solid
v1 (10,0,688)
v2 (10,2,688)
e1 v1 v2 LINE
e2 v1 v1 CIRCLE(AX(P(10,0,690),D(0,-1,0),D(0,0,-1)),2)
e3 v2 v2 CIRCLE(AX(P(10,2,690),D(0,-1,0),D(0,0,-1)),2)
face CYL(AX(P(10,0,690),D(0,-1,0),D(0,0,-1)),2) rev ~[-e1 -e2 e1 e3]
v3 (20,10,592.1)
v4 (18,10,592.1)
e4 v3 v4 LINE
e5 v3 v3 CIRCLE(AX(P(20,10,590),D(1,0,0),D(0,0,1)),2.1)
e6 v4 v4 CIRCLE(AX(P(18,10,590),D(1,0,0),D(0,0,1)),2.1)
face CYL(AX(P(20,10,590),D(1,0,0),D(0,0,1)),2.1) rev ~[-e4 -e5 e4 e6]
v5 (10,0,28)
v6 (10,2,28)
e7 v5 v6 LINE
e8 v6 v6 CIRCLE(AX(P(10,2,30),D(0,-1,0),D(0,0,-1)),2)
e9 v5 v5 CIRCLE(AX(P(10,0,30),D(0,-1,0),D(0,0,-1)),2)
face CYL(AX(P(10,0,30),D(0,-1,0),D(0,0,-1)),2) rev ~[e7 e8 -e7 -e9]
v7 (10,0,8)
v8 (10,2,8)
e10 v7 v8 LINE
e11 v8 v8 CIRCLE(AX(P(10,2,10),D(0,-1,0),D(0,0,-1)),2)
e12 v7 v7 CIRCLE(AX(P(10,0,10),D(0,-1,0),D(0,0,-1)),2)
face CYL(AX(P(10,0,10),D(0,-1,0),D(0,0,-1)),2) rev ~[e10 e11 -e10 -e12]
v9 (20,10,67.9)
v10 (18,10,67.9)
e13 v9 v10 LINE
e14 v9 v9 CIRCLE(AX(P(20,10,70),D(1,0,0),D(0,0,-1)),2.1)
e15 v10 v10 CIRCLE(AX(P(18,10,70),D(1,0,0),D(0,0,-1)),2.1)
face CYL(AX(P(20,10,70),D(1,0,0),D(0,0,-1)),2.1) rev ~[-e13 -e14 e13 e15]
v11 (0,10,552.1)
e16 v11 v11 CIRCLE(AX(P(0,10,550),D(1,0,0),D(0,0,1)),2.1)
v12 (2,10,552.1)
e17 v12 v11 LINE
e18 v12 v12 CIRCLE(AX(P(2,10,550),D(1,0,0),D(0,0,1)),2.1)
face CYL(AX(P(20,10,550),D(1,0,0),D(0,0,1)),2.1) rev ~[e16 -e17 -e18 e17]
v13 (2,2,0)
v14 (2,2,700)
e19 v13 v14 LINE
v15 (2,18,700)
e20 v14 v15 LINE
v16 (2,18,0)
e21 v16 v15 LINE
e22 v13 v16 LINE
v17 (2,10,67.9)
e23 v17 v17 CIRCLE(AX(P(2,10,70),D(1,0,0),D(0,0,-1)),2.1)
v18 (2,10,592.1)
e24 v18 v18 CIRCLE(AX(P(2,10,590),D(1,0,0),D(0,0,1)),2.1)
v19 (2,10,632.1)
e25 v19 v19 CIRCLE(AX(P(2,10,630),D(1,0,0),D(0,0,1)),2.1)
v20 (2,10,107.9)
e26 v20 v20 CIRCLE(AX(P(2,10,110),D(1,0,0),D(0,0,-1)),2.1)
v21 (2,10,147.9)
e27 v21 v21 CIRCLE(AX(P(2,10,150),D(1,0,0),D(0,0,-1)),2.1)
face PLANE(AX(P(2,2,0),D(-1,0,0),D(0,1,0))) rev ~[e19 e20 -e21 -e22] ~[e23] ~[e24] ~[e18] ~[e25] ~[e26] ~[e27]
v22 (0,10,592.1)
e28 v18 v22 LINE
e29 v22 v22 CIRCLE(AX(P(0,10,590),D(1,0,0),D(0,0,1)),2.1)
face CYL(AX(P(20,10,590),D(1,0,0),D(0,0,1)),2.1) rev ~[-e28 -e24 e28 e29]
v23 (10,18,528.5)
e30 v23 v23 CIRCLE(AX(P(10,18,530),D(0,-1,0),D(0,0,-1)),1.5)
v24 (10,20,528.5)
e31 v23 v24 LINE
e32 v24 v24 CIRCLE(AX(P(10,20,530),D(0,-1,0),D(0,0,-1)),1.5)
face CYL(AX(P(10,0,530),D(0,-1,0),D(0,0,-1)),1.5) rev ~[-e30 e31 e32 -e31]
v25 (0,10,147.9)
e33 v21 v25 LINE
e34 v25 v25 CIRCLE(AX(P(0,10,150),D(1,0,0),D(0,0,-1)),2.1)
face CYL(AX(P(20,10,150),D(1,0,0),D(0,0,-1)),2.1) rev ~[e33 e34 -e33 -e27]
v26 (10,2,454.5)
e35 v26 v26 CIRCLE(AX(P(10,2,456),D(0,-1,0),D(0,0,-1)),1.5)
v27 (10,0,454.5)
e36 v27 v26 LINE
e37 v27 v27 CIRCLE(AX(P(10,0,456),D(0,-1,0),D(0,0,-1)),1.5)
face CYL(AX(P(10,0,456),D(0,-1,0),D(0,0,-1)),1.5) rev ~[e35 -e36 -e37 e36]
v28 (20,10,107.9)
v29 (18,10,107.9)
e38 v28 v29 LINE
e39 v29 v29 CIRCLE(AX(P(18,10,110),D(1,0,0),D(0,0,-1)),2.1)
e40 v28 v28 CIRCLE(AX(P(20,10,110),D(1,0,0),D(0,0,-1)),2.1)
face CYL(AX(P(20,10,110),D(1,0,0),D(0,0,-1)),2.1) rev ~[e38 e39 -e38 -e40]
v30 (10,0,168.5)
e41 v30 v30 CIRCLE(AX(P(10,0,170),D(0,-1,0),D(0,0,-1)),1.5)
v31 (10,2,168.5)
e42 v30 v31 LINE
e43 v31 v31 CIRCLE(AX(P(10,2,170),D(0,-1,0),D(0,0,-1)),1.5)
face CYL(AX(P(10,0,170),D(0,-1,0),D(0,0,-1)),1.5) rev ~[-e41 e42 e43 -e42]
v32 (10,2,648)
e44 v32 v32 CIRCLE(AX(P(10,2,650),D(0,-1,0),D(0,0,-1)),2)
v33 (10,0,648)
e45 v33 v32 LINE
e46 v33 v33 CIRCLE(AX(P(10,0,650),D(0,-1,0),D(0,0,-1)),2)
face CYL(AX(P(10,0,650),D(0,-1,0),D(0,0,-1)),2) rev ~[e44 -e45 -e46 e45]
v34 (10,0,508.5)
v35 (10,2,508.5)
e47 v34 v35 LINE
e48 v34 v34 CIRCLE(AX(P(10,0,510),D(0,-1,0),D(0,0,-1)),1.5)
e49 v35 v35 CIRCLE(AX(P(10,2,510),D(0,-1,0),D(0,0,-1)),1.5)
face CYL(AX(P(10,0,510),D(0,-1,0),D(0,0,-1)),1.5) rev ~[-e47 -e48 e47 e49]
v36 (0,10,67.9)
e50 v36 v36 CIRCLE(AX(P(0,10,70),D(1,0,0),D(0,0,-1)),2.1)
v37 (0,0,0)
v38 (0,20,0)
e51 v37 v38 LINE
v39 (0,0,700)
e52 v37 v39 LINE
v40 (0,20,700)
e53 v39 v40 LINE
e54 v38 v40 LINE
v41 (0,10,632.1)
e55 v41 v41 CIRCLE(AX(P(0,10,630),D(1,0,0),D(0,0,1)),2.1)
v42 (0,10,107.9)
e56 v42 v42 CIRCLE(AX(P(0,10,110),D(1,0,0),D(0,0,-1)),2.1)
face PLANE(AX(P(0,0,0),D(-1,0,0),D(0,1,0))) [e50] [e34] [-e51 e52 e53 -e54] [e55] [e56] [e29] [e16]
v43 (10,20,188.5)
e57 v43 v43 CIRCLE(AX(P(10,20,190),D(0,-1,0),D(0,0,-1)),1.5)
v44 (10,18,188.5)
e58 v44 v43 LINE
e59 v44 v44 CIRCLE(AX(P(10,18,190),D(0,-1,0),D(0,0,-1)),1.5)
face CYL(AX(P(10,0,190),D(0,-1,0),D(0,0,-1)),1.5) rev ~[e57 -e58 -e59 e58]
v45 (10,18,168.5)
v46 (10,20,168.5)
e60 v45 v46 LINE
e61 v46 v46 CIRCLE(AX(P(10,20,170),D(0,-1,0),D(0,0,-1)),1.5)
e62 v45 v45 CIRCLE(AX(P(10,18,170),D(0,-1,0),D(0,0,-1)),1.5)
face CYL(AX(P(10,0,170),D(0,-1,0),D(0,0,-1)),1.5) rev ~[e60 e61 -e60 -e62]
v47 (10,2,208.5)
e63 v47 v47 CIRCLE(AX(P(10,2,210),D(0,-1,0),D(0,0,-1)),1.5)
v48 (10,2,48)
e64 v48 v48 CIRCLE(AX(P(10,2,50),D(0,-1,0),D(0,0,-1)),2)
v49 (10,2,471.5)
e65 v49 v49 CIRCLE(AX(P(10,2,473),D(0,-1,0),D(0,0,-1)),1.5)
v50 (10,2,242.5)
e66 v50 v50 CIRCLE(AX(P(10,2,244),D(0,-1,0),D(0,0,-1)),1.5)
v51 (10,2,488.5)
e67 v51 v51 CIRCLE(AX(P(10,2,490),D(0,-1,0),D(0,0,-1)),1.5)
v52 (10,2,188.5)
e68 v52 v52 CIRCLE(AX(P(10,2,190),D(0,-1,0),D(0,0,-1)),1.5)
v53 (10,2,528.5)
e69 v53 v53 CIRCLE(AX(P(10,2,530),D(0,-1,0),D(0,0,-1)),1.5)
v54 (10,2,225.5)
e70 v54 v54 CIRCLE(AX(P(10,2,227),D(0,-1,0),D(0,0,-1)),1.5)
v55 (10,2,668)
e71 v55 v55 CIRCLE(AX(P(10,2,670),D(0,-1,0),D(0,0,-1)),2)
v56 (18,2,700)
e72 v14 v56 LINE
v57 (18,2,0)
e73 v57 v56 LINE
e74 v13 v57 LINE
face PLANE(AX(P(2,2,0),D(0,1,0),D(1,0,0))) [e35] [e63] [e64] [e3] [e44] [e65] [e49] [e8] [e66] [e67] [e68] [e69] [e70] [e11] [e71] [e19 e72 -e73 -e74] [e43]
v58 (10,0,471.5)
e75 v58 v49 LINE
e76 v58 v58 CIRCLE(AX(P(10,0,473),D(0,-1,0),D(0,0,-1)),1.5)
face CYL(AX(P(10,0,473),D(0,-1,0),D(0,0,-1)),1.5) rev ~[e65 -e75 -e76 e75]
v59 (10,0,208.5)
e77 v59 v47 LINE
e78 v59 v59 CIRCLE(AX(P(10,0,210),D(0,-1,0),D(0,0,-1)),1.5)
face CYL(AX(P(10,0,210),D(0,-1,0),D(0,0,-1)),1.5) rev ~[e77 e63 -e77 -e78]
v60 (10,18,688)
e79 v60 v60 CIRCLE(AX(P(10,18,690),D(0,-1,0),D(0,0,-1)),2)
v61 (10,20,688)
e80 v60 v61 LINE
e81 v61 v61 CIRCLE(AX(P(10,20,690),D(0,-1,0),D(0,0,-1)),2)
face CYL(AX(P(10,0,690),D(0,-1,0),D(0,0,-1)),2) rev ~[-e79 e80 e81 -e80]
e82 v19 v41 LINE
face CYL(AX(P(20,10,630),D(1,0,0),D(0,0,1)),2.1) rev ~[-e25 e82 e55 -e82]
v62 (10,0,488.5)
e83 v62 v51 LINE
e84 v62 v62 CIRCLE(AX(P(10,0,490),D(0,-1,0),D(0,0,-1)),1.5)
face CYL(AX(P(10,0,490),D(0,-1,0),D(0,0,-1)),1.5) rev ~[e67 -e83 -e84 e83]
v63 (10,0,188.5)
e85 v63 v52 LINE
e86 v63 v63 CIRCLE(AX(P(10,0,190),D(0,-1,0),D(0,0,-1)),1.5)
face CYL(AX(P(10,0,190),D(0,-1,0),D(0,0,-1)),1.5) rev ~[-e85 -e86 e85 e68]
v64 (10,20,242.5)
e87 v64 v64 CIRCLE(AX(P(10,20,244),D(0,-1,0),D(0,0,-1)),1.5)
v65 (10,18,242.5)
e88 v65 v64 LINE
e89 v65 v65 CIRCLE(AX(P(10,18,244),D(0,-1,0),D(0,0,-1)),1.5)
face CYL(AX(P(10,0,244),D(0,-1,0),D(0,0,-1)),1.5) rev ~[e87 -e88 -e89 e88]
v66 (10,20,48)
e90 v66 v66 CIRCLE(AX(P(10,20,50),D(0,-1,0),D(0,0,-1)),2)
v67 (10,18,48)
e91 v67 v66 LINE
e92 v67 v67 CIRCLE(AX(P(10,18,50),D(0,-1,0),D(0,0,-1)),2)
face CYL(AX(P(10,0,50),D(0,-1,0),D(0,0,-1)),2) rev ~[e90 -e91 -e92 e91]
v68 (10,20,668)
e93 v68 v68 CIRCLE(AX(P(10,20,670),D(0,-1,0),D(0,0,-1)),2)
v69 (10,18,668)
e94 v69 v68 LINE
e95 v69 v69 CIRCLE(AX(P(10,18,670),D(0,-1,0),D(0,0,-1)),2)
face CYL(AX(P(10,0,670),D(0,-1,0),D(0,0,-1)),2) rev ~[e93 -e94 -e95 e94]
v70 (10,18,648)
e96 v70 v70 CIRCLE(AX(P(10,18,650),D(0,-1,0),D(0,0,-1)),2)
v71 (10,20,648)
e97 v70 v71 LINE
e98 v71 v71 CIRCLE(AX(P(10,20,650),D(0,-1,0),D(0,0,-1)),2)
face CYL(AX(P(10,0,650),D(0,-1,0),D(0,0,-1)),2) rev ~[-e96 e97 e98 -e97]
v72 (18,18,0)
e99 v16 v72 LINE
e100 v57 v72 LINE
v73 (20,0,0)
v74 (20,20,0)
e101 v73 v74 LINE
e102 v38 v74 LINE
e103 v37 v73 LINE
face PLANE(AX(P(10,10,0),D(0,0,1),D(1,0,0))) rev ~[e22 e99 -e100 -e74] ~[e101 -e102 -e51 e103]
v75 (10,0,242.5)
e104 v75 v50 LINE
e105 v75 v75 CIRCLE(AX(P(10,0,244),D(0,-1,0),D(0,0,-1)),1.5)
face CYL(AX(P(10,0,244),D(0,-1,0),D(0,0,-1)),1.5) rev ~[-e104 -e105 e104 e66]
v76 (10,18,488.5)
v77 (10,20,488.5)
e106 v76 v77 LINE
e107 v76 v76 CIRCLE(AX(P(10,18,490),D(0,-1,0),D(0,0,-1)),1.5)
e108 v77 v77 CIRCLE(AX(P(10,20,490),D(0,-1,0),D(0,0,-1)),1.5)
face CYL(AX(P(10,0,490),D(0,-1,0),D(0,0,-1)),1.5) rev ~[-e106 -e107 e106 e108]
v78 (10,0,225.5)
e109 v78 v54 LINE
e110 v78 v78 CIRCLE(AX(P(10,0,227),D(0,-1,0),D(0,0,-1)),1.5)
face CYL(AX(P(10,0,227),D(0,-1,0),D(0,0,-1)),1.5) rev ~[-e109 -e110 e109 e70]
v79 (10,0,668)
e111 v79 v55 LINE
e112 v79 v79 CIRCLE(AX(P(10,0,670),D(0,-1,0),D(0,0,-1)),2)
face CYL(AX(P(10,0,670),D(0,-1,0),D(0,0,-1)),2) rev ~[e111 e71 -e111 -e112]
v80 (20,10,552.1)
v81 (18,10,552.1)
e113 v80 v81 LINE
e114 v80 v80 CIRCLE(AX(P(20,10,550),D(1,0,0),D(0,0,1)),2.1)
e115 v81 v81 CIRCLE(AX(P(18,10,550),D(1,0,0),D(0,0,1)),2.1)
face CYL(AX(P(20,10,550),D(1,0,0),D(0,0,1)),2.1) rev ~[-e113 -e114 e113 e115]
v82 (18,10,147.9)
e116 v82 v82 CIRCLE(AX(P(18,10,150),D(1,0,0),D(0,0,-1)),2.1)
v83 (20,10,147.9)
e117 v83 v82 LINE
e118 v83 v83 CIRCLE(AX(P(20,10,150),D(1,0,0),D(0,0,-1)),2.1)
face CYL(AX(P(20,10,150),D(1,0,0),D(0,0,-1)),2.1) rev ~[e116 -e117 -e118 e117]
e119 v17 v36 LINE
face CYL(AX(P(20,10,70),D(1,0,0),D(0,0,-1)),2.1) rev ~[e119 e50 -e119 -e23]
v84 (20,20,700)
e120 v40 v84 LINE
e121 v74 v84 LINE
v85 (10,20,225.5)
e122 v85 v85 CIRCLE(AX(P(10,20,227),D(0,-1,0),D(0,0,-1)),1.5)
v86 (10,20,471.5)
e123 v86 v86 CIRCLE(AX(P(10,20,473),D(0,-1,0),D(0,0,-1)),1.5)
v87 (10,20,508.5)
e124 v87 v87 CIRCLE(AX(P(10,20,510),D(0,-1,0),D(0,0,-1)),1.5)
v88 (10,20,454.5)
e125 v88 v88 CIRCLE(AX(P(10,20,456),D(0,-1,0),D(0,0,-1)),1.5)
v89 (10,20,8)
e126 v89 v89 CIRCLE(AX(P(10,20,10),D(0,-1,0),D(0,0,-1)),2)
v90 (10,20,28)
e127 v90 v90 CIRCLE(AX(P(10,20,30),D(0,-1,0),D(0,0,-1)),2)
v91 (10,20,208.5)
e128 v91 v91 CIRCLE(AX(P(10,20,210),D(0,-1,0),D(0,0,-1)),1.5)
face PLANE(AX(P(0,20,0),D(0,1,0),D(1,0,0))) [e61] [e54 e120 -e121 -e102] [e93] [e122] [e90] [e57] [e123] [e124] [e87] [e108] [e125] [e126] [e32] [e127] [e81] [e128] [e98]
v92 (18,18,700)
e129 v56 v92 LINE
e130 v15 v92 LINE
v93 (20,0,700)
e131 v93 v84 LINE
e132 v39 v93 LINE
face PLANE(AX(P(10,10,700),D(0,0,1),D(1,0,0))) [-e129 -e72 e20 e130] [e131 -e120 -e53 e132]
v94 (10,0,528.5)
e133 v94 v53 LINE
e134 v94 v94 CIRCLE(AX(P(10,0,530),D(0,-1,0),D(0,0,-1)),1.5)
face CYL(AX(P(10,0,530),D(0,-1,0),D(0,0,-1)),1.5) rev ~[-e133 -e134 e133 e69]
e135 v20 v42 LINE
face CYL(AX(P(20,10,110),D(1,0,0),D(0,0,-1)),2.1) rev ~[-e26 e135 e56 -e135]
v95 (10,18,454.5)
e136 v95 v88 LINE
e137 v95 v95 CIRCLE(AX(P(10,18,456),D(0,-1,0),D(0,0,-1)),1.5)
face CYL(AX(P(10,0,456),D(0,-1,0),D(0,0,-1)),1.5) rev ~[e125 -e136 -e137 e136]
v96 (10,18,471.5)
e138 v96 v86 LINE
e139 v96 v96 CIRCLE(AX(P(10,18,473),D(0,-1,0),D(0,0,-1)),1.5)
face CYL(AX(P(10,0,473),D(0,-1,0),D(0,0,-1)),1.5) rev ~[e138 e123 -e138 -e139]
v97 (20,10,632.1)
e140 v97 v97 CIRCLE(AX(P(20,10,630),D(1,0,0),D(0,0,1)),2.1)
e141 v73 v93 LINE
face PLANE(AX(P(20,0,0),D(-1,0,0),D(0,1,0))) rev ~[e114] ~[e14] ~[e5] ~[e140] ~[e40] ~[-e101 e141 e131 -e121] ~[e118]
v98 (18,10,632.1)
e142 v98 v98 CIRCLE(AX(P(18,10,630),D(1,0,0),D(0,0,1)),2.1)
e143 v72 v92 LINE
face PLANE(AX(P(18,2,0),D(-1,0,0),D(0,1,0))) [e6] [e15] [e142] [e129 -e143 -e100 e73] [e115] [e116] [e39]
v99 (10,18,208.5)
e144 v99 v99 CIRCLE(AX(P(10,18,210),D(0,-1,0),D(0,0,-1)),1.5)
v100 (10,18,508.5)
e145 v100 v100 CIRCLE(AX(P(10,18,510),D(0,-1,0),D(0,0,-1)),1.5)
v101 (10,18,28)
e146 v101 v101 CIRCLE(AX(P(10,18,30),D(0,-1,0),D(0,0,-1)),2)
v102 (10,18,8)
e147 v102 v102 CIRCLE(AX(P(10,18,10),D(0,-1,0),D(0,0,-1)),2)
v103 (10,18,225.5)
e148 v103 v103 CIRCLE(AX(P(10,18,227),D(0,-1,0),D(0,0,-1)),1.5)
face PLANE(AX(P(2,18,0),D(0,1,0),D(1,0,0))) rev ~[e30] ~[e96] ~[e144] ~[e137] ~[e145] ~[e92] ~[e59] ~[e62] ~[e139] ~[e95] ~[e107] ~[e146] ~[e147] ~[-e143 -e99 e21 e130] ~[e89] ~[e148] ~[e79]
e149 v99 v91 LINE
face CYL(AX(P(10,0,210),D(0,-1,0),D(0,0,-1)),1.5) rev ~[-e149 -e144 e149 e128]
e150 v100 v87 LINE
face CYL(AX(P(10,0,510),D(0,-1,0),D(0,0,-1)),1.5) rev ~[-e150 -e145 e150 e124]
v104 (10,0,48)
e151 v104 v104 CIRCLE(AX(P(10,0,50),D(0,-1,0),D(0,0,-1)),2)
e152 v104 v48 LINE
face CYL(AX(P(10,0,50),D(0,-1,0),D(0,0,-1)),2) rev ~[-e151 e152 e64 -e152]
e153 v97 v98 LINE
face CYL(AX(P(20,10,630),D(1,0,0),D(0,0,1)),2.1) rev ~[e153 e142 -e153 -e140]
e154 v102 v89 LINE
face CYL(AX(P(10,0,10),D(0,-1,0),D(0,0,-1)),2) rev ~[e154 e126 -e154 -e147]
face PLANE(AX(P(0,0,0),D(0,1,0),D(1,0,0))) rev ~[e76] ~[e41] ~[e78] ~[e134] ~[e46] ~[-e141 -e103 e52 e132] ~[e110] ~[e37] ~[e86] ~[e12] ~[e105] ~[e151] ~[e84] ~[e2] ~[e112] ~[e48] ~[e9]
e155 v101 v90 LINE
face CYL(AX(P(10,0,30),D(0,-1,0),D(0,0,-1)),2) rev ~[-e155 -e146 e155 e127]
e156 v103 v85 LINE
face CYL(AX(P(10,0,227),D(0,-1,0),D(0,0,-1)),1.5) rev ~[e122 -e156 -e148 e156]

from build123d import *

# Parameters (mm, degrees)
SKETCH_1_W          = 20
SKETCH_1_H          = 20
SKETCH_1_W_2        = 16
SKETCH_1_H_2        = 16
EXTRUDE_1_DEPTH     = 700
SKETCH_3_R          = 2
CUT_EXTRUDE_2_DEPTH = 701.571195525
SKETCH_4_R          = 1.5
CUT_EXTRUDE_3_DEPTH = 701.571195525
SKETCH_5_R          = 2.1
CUT_EXTRUDE_4_DEPTH = 701.571195525


with BuildPart() as part:
    # 草图1 → 拉伸-薄壁1 (new body)
    with BuildSketch(Plane.XY):
        with Locations((10, 10)):
            Rectangle(SKETCH_1_W, SKETCH_1_H)
        with Locations((10, 10)):
            Rectangle(SKETCH_1_W_2, SKETCH_1_H_2, mode=Mode.SUBTRACT)
    extrude(amount=EXTRUDE_1_DEPTH)

    # 草图3 → 切除-拉伸2 (cut, through all)
    with BuildSketch(Plane.XZ):
        with Locations(Location((10, 10, 0), (0, 0, 270))):
            Circle(SKETCH_3_R)
        with Locations(Location((10, 30, 0), (0, 0, 270))):
            Circle(SKETCH_3_R)
        with Locations(Location((10, 50, 0), (0, 0, 270))):
            Circle(SKETCH_3_R)
        with Locations(Location((10, 690, 0), (0, 0, 270))):
            Circle(SKETCH_3_R)
        with Locations(Location((10, 670, 0), (0, 0, 270))):
            Circle(SKETCH_3_R)
        with Locations(Location((10, 650, 0), (0, 0, 270))):
            Circle(SKETCH_3_R)
    extrude(amount=-CUT_EXTRUDE_2_DEPTH, mode=Mode.SUBTRACT)

    # 草图4 → 切除-拉伸3 (cut, through all)
    with BuildSketch(Plane.XZ):
        with Locations(Location((10, 170, 0), (0, 0, 270))):
            Circle(SKETCH_4_R)
        with Locations(Location((10, 190, 0), (0, 0, 270))):
            Circle(SKETCH_4_R)
        with Locations(Location((10, 210, 0), (0, 0, 270))):
            Circle(SKETCH_4_R)
        with Locations(Location((10, 490, 0), (0, 0, 270))):
            Circle(SKETCH_4_R)
        with Locations(Location((10, 510, 0), (0, 0, 270))):
            Circle(SKETCH_4_R)
        with Locations(Location((10, 530, 0), (0, 0, 270))):
            Circle(SKETCH_4_R)
        with Locations(Location((10, 473, 0), (0, 0, 270))):
            Circle(SKETCH_4_R)
        with Locations(Location((10, 456, 0), (0, 0, 270))):
            Circle(SKETCH_4_R)
        with Locations(Location((10, 227, 0), (0, 0, 270))):
            Circle(SKETCH_4_R)
        with Locations(Location((10, 244, 0), (0, 0, 270))):
            Circle(SKETCH_4_R)
    extrude(amount=-CUT_EXTRUDE_3_DEPTH, mode=Mode.SUBTRACT)

    # 草图5 → 切除-拉伸4 (cut, through all)
    with BuildSketch(Plane(origin=(20, 0, 0), x_dir=(0, 0, -1), z_dir=(1, 0, 0))):
        with Locations((-70, 10)):
            Circle(SKETCH_5_R)
        with Locations((-110, 10)):
            Circle(SKETCH_5_R)
        with Locations((-150, 10)):
            Circle(SKETCH_5_R)
        with Locations(Location((-550, 10, 0), (0, 0, 180))):
            Circle(SKETCH_5_R)
        with Locations(Location((-590, 10, 0), (0, 0, 180))):
            Circle(SKETCH_5_R)
        with Locations(Location((-630, 10, 0), (0, 0, 180))):
            Circle(SKETCH_5_R)
    extrude(amount=-CUT_EXTRUDE_4_DEPTH, mode=Mode.SUBTRACT)


solid = part.part
